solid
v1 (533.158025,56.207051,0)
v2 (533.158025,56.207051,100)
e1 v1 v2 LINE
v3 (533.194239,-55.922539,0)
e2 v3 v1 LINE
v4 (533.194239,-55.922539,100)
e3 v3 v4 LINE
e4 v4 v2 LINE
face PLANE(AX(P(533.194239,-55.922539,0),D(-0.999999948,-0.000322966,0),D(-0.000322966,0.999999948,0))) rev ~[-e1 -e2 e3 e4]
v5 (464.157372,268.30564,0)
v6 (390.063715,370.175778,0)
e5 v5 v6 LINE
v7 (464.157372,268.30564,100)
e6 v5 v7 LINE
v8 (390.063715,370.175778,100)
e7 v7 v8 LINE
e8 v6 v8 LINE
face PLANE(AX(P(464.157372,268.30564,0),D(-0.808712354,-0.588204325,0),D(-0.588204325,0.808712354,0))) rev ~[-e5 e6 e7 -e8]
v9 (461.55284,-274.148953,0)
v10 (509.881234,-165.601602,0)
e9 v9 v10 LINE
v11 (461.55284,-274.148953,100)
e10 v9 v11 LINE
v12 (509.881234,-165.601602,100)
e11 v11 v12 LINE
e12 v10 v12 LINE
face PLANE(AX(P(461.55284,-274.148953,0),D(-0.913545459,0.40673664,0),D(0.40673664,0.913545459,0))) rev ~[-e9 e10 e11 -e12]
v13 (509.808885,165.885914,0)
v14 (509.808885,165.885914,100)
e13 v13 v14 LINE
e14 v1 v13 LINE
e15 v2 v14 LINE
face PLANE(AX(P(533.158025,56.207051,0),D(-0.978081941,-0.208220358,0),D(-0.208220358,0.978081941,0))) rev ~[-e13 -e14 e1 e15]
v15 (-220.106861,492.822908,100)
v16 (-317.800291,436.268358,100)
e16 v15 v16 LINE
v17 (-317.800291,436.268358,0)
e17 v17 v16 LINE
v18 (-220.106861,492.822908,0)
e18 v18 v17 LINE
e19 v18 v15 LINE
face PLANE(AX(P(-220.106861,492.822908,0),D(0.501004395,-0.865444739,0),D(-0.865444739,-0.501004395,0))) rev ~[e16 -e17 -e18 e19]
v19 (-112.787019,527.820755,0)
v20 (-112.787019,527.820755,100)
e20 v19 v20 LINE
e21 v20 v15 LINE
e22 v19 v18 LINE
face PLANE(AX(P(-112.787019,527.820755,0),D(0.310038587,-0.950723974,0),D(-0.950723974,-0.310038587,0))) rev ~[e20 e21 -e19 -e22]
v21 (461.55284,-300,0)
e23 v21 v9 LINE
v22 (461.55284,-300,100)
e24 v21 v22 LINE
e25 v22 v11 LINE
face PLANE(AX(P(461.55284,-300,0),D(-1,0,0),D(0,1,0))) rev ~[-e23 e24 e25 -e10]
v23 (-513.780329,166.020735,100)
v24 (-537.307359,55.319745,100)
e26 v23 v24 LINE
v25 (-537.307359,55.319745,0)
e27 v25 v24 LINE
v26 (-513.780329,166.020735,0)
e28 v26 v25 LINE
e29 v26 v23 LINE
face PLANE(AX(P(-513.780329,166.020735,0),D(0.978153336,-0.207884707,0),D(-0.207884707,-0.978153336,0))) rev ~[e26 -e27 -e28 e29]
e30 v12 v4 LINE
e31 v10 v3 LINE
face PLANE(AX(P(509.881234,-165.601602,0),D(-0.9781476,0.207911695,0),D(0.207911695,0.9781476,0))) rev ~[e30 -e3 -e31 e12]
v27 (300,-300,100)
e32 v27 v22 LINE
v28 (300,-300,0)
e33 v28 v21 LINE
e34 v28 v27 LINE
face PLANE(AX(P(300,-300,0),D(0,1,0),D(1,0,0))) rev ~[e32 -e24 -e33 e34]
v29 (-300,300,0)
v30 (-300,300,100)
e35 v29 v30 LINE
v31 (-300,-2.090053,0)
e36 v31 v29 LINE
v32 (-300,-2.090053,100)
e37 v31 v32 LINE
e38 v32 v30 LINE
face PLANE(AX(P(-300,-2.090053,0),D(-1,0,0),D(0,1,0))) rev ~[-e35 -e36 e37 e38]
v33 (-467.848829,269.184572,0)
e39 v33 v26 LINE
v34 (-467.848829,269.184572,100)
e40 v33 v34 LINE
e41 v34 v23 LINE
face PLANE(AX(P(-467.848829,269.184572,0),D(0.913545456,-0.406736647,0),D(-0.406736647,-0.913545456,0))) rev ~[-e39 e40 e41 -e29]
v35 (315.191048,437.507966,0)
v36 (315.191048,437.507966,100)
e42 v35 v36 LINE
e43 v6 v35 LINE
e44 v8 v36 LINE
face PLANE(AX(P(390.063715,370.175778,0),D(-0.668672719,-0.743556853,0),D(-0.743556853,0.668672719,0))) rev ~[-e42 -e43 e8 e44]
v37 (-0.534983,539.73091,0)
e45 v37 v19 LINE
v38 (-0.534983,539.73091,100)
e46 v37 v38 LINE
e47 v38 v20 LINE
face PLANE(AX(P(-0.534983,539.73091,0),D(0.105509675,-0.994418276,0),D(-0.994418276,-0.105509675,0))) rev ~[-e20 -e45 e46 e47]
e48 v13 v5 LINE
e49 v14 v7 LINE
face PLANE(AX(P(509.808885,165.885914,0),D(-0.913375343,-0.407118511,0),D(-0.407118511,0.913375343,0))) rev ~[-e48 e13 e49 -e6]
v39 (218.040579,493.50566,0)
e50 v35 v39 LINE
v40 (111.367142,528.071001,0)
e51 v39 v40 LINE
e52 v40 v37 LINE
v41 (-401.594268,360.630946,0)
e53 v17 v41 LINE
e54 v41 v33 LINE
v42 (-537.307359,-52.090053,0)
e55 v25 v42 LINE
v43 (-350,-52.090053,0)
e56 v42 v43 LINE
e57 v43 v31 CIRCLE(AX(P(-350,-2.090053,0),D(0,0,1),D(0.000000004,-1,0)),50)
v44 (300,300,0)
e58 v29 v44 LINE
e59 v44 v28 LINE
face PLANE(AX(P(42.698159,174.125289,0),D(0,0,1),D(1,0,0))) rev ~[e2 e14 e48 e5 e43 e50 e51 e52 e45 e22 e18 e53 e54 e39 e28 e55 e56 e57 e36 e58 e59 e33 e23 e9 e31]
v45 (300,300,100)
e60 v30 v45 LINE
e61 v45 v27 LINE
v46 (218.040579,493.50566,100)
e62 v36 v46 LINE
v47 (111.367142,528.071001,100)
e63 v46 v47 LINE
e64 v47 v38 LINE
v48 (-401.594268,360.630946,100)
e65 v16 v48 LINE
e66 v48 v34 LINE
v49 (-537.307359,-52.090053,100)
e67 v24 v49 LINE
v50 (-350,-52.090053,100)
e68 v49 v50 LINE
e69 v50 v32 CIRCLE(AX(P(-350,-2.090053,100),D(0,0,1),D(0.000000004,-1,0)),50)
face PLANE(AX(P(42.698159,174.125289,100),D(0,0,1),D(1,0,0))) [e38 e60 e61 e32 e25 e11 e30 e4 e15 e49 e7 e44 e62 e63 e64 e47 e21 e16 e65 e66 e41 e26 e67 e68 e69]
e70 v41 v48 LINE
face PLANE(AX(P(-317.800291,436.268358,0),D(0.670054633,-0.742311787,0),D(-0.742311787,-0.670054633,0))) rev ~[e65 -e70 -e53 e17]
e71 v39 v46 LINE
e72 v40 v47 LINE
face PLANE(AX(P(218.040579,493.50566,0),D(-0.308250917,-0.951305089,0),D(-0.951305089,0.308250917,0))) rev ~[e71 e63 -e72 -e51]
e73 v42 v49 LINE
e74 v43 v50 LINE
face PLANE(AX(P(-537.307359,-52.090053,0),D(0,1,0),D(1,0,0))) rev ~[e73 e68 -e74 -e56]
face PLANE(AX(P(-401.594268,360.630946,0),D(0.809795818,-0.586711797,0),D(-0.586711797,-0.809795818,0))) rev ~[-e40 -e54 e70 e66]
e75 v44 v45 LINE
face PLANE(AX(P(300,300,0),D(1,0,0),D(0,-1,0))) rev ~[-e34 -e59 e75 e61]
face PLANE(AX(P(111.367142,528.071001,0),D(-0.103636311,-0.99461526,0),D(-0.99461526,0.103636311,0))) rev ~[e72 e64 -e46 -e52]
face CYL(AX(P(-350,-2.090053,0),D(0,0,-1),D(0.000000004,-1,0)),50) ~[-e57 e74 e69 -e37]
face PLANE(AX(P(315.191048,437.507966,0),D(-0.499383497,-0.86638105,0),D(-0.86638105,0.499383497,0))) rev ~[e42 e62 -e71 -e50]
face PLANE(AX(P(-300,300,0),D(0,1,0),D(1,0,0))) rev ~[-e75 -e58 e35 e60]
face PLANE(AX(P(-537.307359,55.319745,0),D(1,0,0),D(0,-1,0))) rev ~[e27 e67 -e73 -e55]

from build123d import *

# Parameters (mm, degrees)
F1_DEPTH = 100


with BuildPart() as f1:
    # F0 (on Top) → F1 (new body)
    with BuildSketch(Plane.XY):
        with BuildLine():
            Line((-300, 300), (-250, 300))
            Line((-250, 300), (250, 300))
            Line((250, 300), (300, 300))
            Line((300, 300), (300, 250))
            Line((300, 250), (300, -300))
            Line((300, -300), (461.55284, -300))
            Line((461.55284, -300), (461.55284, -274.148953))
            Line((461.55284, -274.148953), (509.881234, -165.601602))
            Line((509.881234, -165.601602), (533.194239, -55.922539))
            Line((533.194239, -55.922539), (533.158025, 56.207051))
            Line((533.158025, 56.207051), (509.808885, 165.885914))
            Line((509.808885, 165.885914), (464.157372, 268.30564))
            Line((464.157372, 268.30564), (390.063715, 370.175778))
            Line((390.063715, 370.175778), (315.191048, 437.507966))
            Line((315.191048, 437.507966), (218.040579, 493.50566))
            Line((218.040579, 493.50566), (111.367142, 528.071001))
            Line((111.367142, 528.071001), (-0.534983, 539.73091))
            Line((-0.534983, 539.73091), (-112.787019, 527.820755))
            Line((-112.787019, 527.820755), (-220.106861, 492.822908))
            Line((-220.106861, 492.822908), (-317.800291, 436.268358))
            Line((-317.800291, 436.268358), (-401.594268, 360.630946))
            Line((-401.594268, 360.630946), (-467.848829, 269.184572))
            Line((-467.848829, 269.184572), (-513.780329, 166.020735))
            Line((-513.780329, 166.020735), (-537.307359, 55.319745))
            Line((-537.307359, 55.319745), (-537.307359, -52.090053))
            Line((-537.307359, -52.090053), (-350, -52.090053))
            ThreePointArc((-350, -52.090053), (-314.644661, -37.445392), (-300, -2.090053))
            Line((-300, -2.090053), (-300, 250))
            Line((-300, 250), (-300, 300))
        make_face()
    extrude(amount=F1_DEPTH)


solid = f1.part
